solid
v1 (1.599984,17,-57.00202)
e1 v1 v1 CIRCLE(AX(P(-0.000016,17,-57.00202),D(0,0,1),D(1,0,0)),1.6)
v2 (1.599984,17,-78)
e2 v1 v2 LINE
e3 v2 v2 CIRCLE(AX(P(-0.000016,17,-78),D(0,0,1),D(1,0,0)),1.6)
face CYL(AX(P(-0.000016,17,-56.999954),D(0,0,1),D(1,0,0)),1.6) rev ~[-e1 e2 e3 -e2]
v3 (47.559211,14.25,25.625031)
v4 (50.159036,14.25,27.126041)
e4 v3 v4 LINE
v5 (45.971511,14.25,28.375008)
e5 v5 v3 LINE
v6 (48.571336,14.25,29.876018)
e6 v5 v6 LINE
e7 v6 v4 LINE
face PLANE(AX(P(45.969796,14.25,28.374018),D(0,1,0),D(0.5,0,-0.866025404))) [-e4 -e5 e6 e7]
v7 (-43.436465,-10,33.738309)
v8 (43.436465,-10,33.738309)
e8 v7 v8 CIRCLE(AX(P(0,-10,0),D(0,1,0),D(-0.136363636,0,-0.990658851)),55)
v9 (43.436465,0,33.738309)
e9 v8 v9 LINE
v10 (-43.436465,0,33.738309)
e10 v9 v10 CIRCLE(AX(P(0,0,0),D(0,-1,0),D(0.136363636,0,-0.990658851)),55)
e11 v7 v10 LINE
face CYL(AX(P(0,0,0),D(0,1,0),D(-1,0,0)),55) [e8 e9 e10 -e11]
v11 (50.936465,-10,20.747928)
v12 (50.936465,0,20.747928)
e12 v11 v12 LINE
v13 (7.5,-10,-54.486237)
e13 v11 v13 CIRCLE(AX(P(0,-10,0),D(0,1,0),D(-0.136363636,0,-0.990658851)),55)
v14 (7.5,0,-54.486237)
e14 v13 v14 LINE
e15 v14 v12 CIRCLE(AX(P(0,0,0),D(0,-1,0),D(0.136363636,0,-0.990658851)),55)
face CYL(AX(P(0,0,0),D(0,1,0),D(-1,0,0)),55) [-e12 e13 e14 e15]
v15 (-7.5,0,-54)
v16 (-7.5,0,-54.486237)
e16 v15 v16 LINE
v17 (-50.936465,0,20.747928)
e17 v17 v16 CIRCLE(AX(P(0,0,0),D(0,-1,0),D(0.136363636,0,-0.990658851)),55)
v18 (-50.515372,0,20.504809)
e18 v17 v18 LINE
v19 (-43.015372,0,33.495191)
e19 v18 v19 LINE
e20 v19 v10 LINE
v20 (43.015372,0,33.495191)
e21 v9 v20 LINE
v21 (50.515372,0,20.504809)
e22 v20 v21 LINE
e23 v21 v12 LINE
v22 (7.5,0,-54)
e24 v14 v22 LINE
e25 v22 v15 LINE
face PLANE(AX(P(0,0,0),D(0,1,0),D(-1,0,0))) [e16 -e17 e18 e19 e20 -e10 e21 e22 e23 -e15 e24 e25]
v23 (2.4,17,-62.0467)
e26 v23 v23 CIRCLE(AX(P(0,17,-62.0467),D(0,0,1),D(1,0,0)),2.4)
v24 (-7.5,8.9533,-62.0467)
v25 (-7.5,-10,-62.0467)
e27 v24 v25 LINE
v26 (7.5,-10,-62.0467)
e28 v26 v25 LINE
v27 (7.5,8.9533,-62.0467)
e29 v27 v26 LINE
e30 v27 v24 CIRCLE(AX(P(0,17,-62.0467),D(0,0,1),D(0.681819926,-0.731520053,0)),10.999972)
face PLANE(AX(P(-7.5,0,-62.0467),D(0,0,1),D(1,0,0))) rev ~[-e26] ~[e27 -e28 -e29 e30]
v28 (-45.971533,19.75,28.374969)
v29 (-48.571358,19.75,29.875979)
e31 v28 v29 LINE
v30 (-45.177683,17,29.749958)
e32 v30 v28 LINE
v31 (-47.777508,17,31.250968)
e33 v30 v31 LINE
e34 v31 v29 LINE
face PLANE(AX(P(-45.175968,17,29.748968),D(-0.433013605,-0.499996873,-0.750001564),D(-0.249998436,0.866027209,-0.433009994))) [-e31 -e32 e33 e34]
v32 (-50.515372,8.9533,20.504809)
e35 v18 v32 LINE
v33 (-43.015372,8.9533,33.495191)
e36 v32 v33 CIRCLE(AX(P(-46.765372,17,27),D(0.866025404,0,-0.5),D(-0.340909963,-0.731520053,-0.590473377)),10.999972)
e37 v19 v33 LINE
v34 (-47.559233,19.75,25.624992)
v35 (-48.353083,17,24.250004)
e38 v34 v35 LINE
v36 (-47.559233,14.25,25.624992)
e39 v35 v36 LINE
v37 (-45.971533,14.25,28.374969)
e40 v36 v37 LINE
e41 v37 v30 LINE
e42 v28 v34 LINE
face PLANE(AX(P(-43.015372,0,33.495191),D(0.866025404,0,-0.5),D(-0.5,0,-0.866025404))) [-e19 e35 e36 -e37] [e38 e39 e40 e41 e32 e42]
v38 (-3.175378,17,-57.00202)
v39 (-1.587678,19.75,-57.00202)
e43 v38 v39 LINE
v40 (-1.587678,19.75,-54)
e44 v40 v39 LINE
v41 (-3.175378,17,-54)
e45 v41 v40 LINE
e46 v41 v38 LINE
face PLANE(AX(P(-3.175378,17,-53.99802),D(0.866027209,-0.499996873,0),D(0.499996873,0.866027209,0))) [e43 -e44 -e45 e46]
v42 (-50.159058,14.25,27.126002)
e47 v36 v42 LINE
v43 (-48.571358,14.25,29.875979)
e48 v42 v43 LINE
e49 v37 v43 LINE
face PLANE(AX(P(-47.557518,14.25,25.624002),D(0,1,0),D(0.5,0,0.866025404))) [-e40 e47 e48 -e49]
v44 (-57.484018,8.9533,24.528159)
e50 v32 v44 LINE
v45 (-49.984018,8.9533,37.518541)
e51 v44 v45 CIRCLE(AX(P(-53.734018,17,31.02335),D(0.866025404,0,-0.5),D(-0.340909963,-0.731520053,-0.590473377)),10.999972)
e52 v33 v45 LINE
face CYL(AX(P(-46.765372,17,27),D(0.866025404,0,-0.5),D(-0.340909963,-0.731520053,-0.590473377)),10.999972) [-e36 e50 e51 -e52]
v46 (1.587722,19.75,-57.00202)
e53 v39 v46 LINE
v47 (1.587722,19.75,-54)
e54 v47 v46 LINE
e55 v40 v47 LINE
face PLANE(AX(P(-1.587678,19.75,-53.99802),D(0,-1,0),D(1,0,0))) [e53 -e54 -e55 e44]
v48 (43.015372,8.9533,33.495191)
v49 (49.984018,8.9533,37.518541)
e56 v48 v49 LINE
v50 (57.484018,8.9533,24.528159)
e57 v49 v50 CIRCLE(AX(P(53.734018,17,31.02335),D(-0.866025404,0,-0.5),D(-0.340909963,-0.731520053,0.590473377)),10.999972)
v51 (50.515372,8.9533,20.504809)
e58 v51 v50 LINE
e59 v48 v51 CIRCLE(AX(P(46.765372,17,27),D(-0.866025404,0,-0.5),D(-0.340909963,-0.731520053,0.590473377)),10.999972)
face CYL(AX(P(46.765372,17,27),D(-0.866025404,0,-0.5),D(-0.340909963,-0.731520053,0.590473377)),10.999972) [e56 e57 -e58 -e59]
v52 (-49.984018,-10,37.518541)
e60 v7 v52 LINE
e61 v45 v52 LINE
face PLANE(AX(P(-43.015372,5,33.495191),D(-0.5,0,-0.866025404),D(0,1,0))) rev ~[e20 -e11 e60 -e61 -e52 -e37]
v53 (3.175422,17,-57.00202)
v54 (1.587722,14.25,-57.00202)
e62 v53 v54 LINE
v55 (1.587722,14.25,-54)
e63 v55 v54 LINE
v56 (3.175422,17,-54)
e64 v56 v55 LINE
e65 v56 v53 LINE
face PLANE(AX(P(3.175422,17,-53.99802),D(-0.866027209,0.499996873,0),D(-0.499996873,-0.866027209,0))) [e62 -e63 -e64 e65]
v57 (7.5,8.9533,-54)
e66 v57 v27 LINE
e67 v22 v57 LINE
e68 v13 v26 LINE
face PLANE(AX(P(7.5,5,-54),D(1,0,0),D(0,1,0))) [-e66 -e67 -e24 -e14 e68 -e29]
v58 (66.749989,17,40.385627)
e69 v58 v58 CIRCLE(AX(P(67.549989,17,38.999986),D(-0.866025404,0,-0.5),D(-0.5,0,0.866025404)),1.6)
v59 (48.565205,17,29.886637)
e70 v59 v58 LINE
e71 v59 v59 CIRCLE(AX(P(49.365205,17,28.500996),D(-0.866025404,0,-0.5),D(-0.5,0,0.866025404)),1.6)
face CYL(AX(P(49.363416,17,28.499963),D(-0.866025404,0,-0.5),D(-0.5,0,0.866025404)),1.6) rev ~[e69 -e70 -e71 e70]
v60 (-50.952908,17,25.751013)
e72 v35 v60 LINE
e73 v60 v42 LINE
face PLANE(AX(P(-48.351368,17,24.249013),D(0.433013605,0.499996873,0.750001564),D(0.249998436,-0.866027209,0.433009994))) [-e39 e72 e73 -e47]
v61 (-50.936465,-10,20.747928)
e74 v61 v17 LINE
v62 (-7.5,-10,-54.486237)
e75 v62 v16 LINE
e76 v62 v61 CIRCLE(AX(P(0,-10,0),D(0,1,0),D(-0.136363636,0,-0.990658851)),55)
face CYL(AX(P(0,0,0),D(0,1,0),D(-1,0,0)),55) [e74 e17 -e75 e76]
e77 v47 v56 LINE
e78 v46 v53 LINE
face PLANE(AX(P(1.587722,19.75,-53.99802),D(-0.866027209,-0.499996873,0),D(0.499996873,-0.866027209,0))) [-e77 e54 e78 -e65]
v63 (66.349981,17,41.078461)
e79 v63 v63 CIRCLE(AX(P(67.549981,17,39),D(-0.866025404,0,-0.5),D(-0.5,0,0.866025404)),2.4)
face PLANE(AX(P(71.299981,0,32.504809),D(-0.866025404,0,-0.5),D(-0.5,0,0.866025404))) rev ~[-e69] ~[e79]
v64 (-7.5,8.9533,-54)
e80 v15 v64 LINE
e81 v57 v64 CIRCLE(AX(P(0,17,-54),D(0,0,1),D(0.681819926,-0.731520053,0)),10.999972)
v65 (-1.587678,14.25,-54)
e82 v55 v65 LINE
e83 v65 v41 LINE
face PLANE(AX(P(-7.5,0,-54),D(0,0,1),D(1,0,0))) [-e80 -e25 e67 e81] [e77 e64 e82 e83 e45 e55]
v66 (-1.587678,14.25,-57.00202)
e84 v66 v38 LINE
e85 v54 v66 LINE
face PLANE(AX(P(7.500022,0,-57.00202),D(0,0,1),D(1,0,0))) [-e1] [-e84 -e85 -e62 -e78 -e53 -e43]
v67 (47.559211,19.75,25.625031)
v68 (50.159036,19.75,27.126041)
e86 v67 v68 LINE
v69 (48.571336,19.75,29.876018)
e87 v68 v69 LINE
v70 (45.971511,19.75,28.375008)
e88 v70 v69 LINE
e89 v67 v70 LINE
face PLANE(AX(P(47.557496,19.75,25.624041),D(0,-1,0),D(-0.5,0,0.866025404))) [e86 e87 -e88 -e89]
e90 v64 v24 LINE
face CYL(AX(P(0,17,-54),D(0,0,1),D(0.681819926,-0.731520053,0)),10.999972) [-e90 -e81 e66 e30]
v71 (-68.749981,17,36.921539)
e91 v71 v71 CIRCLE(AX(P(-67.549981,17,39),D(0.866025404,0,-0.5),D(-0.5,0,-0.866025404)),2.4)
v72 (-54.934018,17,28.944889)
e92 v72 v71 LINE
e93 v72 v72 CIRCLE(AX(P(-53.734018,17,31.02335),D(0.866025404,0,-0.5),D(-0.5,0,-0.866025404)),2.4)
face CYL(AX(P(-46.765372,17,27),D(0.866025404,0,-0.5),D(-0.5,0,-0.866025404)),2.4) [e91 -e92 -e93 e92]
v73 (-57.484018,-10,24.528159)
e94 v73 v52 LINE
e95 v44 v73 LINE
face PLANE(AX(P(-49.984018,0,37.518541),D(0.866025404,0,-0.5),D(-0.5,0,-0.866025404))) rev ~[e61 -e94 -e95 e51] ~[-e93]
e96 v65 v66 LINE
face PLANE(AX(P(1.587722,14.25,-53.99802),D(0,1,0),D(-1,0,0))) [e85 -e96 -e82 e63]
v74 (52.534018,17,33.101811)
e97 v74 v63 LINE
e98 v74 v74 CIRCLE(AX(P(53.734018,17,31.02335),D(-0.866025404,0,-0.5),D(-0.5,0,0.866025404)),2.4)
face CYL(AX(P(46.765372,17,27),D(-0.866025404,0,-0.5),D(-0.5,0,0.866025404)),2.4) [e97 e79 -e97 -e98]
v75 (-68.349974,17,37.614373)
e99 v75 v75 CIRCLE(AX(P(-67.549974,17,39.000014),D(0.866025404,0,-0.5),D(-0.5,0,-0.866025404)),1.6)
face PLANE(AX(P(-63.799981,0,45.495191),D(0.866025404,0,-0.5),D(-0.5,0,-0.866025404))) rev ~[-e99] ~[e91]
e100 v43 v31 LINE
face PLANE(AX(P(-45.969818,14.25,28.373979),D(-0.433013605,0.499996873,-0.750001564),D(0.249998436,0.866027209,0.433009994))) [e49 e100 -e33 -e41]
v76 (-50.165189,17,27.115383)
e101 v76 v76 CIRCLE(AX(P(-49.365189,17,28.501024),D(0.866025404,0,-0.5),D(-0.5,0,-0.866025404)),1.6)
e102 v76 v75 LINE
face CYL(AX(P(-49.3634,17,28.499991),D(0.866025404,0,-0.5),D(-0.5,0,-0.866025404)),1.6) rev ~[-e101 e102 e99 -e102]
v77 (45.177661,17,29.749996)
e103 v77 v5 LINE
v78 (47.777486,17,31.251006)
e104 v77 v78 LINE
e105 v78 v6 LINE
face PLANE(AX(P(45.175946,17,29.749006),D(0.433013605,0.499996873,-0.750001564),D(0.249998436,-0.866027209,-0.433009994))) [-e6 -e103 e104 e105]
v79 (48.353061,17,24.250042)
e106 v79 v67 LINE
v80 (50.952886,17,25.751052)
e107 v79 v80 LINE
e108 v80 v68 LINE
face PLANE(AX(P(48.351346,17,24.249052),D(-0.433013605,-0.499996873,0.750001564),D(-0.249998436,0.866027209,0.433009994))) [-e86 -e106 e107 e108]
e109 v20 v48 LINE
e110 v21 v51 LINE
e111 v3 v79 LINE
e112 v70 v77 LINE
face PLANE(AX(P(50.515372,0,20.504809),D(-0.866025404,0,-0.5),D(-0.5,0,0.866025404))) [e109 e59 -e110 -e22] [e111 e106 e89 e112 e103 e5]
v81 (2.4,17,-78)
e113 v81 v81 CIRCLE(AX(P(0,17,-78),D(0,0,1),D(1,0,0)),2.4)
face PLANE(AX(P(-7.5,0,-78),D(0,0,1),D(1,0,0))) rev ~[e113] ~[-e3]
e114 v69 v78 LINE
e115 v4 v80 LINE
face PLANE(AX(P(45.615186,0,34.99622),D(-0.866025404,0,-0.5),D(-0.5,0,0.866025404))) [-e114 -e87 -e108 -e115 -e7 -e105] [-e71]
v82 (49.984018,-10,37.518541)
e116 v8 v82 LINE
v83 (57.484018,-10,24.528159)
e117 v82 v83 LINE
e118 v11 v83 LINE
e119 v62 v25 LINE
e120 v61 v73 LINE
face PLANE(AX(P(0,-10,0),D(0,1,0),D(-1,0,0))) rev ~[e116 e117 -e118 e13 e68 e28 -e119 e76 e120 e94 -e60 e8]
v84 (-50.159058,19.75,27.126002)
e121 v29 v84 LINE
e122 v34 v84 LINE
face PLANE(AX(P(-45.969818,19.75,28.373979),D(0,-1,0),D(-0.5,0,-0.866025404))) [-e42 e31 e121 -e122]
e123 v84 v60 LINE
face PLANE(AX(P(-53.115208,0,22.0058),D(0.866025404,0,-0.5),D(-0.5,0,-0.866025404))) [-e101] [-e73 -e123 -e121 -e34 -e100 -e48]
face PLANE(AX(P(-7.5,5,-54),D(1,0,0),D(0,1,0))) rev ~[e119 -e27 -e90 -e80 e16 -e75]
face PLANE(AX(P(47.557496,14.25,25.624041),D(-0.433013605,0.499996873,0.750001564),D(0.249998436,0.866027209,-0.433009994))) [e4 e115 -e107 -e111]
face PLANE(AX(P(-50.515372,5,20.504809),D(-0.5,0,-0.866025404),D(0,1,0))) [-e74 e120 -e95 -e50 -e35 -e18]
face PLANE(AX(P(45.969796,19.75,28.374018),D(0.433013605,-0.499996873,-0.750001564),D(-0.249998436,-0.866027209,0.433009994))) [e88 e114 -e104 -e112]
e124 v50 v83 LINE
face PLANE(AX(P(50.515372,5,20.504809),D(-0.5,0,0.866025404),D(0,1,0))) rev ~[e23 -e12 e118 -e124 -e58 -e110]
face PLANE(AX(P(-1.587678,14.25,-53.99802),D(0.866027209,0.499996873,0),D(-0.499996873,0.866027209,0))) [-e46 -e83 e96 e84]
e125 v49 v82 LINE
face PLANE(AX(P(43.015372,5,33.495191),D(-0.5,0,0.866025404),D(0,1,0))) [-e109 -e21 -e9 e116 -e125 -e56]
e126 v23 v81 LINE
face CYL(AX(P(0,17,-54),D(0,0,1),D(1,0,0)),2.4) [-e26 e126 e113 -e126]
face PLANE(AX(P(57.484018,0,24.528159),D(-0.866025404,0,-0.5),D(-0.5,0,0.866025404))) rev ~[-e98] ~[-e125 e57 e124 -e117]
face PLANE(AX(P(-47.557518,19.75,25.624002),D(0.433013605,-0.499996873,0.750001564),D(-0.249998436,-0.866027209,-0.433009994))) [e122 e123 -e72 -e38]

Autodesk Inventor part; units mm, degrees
ref_plane "YZ Plane" through (0, 0, 0) normal (1, 0, 0) x (0, 1, 0)
ref_plane "XZ Plane" through (0, 0, 0) normal (0, 1, 0) x (-1, 0, 0)
ref_plane "XY Plane" through (0, 0, 0) normal (0, 0, 1) x (1, 0, 0)
sketch "Sketch1" plane through (0, 0, 0) normal (0, 1, 0) x (-1, 0, 0)
  circle A0 centre (0, 0) radius 55
  dimension "d0" = 110
extrude "Extrusion1" add sketch "Sketch1" against normal blind 10
sketch "Sketch2" plane through (0, 0, 0) normal (0, 1, 0) x (1, 0, 0)
  circle A0 centre (0, 0) radius 55 projected
  line L0 (-7.5, 54) -> (7.5, 54)
  line L1 (7.5, 54) -> (7.5, 62.0467)
  line L2 (7.5, 62.0467) -> (-7.5, 62.0467)
  line L3 (-7.5, 62.0467) -> (-7.5, 54)
  point P0 (0, 54)
  point P1 (7.5, 54.4862)
  point P2 (-7.5, 54.4862)
  point P3 (0, 62.0467)
  dimension "d3" = 15
  dimension "d4" = 8.0467
  dimension "d21" = 62.0467
extrude "Extrusion2" add sketch "Sketch2" along normal blind 5 and the other way blind 10 contours L1 L0 L3 A0 | A0 L3 L2 L1 picked at (0.8356, 54.3143)
sketch "Sketch3" plane through (-7.5, 0, -54) normal (0, 0, 1) x (1, 0, 0)
  line L0 (15, 0) -> (0, 0) projected
  line L1 (0, 5) -> (15, 5)
  line L2 (0, 5) -> (15, 5)
  line L3 (0, 5) -> (0, 8.9533)
  line L4 (15, 5) -> (15, 8.9533)
  arc A0 (15, 8.9533) -> (0, 8.9533) centre (7.5, 17) ccw
  line L5 (0, 5) -> (15, 5) projected
  point P0 (7.5, 0)
  point P1 (7.5, 0)
  point P2 (7.5, 5)
  point P3 (7.5, 5)
  dimension "d27" = 22
  dimension "d28" = 12
  dimension "d29" = 15
extrude "Extrusion3" add sketch "Sketch3" against normal up to surface (8.0467 mm away)
pattern_circular "Circular Pattern1" count 3 over 360 about axis through (0, 0, 0) along (0, -1, 0) of "Extrusion2", "Extrusion3"
sketch "Sketch5" plane through (-7.5, 0, -54) normal (0, 0, 1) x (1, 0, 0)
  arc A0 (15, 8.9533) -> (0, 8.9533) centre (7.5, 17) ccw projected
  circle A1 centre (7.5, 17) radius 2.4
  point P0 (7.5, 0)
  dimension "d30" = 4.8
extrude "Extrusion5" add sketch "Sketch5" against normal blind 24
pattern_circular "Circular Pattern3" count 3 over 360 about axis through (0, 0, 0) along (0, -1, 0) of "Extrusion5"
sketch "Sketch6" plane through (-50.5154, 0, 20.5048) normal (0.866, 0, -0.5) x (-0.5, 0, -0.866)
  arc A0 (0, 8.9533) -> (-15, 8.9533) centre (-7.5, 17) ccw projected
  arc A1 (0, 8.9533) -> (-15, 8.9533) centre (-7.5, 17) ccw projected
  line L0 (-4.3246, 17) -> (-5.9123, 14.25)
  line L1 (-5.9123, 14.25) -> (-9.0877, 14.25)
  line L2 (-9.0877, 14.25) -> (-10.6754, 17)
  line L3 (-10.6754, 17) -> (-9.0877, 19.75)
  line L4 (-9.0877, 19.75) -> (-5.9123, 19.75)
  line L5 (-5.9123, 19.75) -> (-4.3246, 17)
  point P0 (-7.5, 0)
  dimension "d36" = 5.5
extrude "Extrusion6" cut sketch "Sketch6" against normal blind 3
sketch "Sketch7" plane through (-53.1134, 0, 22.0048) normal (0.866, 0, -0.5) x (-0.5, 0, -0.866)
  circle A0 centre (-7.5, 17) radius 1.6
  line L0 (-9.0877, 19.75) -> (-5.9123, 19.75) projected
  line L1 (-10.6754, 17) -> (-9.0877, 19.75) projected
  line L2 (-9.0877, 14.25) -> (-10.6754, 17) projected
  line L3 (-5.9123, 14.25) -> (-9.0877, 14.25) projected
  line L4 (-4.3246, 17) -> (-5.9123, 14.25) projected
  line L5 (-5.9123, 19.75) -> (-4.3246, 17) projected
  point P0 (-7.5, 0)
  point P1 (-7.5, 14.25)
  dimension "d39" = 3.2
extrude "Extrusion7" cut sketch "Sketch7" against normal through all contours A0
pattern_circular "Circular Pattern4" count 3 over 360 about axis through (0, 0, 0) along (0, -1, 0) of "Extrusion6", "Extrusion7"
properties part number "mobile_platform"
